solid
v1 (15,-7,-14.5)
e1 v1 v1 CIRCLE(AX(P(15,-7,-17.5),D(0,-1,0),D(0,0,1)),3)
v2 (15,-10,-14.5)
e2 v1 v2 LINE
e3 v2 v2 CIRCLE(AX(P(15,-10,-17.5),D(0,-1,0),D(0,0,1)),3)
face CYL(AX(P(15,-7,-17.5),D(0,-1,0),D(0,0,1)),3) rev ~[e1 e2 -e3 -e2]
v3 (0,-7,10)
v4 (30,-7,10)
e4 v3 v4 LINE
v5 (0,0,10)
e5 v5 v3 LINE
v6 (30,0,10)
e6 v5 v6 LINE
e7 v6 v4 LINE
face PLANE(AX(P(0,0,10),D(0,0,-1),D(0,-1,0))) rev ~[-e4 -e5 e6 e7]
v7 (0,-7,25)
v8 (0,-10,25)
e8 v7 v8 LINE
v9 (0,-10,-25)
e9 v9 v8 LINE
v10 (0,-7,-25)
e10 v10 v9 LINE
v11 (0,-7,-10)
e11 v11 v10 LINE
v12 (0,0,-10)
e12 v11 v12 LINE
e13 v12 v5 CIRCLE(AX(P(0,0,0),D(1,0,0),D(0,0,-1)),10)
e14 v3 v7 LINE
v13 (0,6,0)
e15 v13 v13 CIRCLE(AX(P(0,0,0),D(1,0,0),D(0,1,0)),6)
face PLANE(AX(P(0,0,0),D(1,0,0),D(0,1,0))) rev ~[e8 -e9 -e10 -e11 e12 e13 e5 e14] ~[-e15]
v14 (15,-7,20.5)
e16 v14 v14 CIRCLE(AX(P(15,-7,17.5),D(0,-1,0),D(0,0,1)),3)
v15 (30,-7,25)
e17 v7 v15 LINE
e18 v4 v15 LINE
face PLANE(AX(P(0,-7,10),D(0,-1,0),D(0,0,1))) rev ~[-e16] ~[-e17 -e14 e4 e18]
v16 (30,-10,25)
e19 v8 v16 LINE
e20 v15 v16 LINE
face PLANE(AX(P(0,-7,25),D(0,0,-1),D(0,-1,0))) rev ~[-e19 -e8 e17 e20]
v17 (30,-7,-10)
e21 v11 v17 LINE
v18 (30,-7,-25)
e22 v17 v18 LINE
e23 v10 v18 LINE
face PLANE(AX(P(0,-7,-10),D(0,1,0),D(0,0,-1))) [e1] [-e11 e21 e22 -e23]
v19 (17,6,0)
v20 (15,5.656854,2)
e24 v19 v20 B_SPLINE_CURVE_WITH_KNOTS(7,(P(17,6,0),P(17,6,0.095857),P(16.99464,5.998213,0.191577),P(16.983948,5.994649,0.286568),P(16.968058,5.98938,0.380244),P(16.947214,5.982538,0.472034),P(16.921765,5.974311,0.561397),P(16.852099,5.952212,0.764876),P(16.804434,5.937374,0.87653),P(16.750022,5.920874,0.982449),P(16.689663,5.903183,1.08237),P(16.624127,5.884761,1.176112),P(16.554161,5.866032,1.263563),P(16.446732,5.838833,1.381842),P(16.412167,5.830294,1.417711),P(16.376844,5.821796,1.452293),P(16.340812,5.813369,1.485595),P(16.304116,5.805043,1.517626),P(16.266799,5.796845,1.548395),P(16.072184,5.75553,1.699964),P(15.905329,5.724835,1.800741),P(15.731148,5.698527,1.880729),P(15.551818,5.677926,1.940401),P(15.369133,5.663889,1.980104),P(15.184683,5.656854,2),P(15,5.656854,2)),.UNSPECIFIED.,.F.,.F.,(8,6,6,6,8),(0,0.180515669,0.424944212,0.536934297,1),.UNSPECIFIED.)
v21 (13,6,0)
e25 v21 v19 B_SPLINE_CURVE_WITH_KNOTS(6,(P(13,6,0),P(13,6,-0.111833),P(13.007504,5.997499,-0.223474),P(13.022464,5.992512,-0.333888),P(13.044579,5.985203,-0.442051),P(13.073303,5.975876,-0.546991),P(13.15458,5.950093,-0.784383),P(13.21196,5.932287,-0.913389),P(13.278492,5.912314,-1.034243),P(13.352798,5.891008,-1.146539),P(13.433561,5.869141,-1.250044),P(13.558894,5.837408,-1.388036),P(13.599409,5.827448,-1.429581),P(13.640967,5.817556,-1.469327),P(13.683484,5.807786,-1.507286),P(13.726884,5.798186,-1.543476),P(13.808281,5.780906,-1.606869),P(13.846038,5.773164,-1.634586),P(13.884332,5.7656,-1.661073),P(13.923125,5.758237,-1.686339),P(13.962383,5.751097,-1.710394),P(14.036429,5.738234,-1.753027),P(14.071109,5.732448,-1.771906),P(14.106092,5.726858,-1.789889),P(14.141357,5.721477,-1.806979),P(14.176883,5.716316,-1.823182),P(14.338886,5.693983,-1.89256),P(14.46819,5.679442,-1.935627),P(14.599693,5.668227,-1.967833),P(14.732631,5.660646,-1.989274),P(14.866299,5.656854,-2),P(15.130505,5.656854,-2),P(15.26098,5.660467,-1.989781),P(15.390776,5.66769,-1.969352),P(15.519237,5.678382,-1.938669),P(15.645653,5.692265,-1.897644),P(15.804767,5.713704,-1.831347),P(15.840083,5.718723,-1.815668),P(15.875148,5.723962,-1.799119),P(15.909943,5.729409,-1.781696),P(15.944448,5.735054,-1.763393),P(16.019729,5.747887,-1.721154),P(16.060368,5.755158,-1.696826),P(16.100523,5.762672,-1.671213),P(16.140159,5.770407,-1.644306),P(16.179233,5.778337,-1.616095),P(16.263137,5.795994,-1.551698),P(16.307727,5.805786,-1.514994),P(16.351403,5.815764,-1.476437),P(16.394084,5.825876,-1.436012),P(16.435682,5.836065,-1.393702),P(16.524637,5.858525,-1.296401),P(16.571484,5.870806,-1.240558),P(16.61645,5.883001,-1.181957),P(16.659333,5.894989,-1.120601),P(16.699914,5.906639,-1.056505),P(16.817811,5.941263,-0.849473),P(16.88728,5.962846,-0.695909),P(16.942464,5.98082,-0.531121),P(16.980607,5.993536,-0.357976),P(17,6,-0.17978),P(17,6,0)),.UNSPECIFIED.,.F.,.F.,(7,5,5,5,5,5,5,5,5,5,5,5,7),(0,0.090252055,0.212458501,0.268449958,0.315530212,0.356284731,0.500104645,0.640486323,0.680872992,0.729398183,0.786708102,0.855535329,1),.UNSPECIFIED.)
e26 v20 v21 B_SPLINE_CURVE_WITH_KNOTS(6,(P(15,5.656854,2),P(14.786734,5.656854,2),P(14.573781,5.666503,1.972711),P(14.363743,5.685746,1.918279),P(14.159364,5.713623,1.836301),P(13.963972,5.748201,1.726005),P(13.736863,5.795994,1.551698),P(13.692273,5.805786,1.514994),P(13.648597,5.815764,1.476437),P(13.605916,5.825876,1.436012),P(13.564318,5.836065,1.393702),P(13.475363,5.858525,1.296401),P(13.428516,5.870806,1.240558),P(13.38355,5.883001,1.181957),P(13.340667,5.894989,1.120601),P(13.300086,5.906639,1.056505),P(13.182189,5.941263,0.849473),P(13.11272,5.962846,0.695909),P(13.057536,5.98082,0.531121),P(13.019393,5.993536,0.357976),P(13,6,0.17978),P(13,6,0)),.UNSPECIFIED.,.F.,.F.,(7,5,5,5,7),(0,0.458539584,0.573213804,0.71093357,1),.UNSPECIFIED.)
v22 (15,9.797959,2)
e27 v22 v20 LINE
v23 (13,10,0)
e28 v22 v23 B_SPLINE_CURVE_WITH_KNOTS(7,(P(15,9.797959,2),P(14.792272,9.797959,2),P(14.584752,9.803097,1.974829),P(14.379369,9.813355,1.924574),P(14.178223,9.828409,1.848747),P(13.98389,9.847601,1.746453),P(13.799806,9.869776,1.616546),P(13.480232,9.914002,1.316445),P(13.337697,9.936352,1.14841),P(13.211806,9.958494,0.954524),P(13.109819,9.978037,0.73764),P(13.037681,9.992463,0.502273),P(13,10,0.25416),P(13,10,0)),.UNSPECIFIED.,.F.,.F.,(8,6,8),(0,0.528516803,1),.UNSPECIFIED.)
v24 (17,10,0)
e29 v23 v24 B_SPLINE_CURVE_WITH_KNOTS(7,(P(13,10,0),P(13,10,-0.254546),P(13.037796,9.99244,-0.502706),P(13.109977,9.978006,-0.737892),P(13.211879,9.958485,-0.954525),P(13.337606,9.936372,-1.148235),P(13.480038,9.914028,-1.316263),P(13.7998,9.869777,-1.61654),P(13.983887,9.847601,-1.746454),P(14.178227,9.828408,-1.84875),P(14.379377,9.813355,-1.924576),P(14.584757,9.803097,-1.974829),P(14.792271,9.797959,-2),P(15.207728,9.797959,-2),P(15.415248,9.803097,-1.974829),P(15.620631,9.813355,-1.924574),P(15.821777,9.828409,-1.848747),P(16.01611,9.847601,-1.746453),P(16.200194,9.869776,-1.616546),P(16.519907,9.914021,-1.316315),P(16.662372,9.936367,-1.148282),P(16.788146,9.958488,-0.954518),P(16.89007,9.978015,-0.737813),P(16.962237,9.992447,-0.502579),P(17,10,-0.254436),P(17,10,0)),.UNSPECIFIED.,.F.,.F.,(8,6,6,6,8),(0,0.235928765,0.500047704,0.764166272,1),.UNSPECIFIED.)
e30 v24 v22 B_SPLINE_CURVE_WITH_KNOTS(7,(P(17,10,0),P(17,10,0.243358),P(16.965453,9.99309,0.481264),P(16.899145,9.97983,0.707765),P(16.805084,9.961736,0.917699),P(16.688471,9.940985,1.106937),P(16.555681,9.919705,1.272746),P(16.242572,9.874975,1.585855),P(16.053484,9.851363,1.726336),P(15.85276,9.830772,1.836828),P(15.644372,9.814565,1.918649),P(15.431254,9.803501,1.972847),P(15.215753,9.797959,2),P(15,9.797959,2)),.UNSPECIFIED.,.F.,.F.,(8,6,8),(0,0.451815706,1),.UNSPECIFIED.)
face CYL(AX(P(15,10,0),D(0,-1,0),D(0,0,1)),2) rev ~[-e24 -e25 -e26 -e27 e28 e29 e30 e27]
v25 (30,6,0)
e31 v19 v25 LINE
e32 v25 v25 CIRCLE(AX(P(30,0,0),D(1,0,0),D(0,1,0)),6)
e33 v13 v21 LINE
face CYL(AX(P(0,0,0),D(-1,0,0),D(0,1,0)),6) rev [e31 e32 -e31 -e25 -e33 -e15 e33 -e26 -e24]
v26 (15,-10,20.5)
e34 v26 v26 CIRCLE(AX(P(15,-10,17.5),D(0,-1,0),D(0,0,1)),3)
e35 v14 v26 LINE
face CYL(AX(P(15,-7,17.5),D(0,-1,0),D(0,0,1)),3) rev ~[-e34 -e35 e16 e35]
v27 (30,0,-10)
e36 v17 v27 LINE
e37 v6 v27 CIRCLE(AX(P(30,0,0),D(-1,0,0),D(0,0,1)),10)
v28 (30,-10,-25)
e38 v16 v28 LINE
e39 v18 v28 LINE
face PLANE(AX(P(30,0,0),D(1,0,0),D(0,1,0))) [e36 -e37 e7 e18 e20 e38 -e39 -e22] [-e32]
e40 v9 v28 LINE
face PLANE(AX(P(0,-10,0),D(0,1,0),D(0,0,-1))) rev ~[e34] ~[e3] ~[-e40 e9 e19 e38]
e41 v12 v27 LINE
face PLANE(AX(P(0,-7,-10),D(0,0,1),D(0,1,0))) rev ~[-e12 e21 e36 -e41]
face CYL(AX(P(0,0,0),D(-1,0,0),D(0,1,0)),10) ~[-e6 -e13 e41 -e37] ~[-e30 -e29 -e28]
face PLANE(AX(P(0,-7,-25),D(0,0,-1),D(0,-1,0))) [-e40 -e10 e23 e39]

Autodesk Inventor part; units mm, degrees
ref_plane "YZ Plane" through (0, 0, 0) normal (1, 0, 0) x (0, 1, 0)
ref_plane "XZ Plane" through (0, 0, 0) normal (0, 1, 0) x (-1, 0, 0)
sketch "Sketch1" plane through (0, 0, 0) normal (1, 0, 0) x (0, 1, 0)
  circle A0 centre (0, 0) radius 6
  circle A1 centre (0, 0) radius 10
  line L0 (0, 10) -> (-10, 10)
  line L1 (-10, 10) -> (-10, -10)
  line L2 (-10, -10) -> (0, -10)
  line L3 (-10, -10) -> (-7, -10)
  line L4 (-7, -10) -> (-7, -25)
  line L5 (-7, -25) -> (-10, -25)
  line L6 (-10, -25) -> (-10, -10)
  line L7 (-10, 10) -> (-7, 10)
  line L8 (-7, 10) -> (-7, 25)
  line L9 (-7, 25) -> (-10, 25)
  line L10 (-10, 25) -> (-10, 10)
  dimension "d0" = 12
  dimension "d1" = 20
  dimension "d2" = 3
  dimension "d3" = 15
  dimension "d4" = 3
  dimension "d5" = 15
extrude "Extrusion1" add sketch "Sketch1" along normal blind 30
sketch "Sketch2" plane through (0, -7, 25) normal (0, 1, 0) x (1, 0, 0)
  line L0 (0, 0) -> (30, 0) projected
  line L1 (0, 0) -> (15, 0)
  line L2 (15, 0) -> (15, 7.5)
  line L3 (15, 7.5) -> (0, 7.5)
  line L4 (0, 7.5) -> (0, 0)
  line L5 (30, 0) -> (30, 50) projected
  line L6 (30, 50) -> (15, 50)
  line L7 (15, 50) -> (15, 42.5)
  line L8 (15, 42.5) -> (30, 42.5)
  line L9 (30, 42.5) -> (30, 50)
  circle A0 centre (15, 7.5) radius 3
  circle A1 centre (15, 42.5) radius 3
  point P0 (0, 25)
  dimension "d8" = 15
  dimension "d9" = 7.5
  dimension "d10" = 15
  dimension "d11" = 7.5
  dimension "d12" = 6
  dimension "d13" = 6
ref_plane "Work Plane1" through (0, 10, 0) normal (0, 1, 0) x (1, 0, 0)
sketch "Sketch3" plane through (0, 10, 0) normal (0, 1, 0) x (1, 0, 0)
  line L0 (0, 0) -> (15, 0)
  circle A0 centre (15, 0) radius 2
  dimension "d14" = 15
  dimension "d15" = 4
hole "Hole1" at (15, 10, 0) direction (0, -1, 0) diameter 4 depth 8 tip angle 118
thread "Thread1" size "M4x0.7" class "6H" standard "ANSI Metric M Profile" full length
hole "Hole2" at (15, -7, 17.5) at (15, -7, -17.5) direction (0, -1, 0) diameter 6 end through all
properties part number "base_axis_static_12mm" material "PET Plastic"
